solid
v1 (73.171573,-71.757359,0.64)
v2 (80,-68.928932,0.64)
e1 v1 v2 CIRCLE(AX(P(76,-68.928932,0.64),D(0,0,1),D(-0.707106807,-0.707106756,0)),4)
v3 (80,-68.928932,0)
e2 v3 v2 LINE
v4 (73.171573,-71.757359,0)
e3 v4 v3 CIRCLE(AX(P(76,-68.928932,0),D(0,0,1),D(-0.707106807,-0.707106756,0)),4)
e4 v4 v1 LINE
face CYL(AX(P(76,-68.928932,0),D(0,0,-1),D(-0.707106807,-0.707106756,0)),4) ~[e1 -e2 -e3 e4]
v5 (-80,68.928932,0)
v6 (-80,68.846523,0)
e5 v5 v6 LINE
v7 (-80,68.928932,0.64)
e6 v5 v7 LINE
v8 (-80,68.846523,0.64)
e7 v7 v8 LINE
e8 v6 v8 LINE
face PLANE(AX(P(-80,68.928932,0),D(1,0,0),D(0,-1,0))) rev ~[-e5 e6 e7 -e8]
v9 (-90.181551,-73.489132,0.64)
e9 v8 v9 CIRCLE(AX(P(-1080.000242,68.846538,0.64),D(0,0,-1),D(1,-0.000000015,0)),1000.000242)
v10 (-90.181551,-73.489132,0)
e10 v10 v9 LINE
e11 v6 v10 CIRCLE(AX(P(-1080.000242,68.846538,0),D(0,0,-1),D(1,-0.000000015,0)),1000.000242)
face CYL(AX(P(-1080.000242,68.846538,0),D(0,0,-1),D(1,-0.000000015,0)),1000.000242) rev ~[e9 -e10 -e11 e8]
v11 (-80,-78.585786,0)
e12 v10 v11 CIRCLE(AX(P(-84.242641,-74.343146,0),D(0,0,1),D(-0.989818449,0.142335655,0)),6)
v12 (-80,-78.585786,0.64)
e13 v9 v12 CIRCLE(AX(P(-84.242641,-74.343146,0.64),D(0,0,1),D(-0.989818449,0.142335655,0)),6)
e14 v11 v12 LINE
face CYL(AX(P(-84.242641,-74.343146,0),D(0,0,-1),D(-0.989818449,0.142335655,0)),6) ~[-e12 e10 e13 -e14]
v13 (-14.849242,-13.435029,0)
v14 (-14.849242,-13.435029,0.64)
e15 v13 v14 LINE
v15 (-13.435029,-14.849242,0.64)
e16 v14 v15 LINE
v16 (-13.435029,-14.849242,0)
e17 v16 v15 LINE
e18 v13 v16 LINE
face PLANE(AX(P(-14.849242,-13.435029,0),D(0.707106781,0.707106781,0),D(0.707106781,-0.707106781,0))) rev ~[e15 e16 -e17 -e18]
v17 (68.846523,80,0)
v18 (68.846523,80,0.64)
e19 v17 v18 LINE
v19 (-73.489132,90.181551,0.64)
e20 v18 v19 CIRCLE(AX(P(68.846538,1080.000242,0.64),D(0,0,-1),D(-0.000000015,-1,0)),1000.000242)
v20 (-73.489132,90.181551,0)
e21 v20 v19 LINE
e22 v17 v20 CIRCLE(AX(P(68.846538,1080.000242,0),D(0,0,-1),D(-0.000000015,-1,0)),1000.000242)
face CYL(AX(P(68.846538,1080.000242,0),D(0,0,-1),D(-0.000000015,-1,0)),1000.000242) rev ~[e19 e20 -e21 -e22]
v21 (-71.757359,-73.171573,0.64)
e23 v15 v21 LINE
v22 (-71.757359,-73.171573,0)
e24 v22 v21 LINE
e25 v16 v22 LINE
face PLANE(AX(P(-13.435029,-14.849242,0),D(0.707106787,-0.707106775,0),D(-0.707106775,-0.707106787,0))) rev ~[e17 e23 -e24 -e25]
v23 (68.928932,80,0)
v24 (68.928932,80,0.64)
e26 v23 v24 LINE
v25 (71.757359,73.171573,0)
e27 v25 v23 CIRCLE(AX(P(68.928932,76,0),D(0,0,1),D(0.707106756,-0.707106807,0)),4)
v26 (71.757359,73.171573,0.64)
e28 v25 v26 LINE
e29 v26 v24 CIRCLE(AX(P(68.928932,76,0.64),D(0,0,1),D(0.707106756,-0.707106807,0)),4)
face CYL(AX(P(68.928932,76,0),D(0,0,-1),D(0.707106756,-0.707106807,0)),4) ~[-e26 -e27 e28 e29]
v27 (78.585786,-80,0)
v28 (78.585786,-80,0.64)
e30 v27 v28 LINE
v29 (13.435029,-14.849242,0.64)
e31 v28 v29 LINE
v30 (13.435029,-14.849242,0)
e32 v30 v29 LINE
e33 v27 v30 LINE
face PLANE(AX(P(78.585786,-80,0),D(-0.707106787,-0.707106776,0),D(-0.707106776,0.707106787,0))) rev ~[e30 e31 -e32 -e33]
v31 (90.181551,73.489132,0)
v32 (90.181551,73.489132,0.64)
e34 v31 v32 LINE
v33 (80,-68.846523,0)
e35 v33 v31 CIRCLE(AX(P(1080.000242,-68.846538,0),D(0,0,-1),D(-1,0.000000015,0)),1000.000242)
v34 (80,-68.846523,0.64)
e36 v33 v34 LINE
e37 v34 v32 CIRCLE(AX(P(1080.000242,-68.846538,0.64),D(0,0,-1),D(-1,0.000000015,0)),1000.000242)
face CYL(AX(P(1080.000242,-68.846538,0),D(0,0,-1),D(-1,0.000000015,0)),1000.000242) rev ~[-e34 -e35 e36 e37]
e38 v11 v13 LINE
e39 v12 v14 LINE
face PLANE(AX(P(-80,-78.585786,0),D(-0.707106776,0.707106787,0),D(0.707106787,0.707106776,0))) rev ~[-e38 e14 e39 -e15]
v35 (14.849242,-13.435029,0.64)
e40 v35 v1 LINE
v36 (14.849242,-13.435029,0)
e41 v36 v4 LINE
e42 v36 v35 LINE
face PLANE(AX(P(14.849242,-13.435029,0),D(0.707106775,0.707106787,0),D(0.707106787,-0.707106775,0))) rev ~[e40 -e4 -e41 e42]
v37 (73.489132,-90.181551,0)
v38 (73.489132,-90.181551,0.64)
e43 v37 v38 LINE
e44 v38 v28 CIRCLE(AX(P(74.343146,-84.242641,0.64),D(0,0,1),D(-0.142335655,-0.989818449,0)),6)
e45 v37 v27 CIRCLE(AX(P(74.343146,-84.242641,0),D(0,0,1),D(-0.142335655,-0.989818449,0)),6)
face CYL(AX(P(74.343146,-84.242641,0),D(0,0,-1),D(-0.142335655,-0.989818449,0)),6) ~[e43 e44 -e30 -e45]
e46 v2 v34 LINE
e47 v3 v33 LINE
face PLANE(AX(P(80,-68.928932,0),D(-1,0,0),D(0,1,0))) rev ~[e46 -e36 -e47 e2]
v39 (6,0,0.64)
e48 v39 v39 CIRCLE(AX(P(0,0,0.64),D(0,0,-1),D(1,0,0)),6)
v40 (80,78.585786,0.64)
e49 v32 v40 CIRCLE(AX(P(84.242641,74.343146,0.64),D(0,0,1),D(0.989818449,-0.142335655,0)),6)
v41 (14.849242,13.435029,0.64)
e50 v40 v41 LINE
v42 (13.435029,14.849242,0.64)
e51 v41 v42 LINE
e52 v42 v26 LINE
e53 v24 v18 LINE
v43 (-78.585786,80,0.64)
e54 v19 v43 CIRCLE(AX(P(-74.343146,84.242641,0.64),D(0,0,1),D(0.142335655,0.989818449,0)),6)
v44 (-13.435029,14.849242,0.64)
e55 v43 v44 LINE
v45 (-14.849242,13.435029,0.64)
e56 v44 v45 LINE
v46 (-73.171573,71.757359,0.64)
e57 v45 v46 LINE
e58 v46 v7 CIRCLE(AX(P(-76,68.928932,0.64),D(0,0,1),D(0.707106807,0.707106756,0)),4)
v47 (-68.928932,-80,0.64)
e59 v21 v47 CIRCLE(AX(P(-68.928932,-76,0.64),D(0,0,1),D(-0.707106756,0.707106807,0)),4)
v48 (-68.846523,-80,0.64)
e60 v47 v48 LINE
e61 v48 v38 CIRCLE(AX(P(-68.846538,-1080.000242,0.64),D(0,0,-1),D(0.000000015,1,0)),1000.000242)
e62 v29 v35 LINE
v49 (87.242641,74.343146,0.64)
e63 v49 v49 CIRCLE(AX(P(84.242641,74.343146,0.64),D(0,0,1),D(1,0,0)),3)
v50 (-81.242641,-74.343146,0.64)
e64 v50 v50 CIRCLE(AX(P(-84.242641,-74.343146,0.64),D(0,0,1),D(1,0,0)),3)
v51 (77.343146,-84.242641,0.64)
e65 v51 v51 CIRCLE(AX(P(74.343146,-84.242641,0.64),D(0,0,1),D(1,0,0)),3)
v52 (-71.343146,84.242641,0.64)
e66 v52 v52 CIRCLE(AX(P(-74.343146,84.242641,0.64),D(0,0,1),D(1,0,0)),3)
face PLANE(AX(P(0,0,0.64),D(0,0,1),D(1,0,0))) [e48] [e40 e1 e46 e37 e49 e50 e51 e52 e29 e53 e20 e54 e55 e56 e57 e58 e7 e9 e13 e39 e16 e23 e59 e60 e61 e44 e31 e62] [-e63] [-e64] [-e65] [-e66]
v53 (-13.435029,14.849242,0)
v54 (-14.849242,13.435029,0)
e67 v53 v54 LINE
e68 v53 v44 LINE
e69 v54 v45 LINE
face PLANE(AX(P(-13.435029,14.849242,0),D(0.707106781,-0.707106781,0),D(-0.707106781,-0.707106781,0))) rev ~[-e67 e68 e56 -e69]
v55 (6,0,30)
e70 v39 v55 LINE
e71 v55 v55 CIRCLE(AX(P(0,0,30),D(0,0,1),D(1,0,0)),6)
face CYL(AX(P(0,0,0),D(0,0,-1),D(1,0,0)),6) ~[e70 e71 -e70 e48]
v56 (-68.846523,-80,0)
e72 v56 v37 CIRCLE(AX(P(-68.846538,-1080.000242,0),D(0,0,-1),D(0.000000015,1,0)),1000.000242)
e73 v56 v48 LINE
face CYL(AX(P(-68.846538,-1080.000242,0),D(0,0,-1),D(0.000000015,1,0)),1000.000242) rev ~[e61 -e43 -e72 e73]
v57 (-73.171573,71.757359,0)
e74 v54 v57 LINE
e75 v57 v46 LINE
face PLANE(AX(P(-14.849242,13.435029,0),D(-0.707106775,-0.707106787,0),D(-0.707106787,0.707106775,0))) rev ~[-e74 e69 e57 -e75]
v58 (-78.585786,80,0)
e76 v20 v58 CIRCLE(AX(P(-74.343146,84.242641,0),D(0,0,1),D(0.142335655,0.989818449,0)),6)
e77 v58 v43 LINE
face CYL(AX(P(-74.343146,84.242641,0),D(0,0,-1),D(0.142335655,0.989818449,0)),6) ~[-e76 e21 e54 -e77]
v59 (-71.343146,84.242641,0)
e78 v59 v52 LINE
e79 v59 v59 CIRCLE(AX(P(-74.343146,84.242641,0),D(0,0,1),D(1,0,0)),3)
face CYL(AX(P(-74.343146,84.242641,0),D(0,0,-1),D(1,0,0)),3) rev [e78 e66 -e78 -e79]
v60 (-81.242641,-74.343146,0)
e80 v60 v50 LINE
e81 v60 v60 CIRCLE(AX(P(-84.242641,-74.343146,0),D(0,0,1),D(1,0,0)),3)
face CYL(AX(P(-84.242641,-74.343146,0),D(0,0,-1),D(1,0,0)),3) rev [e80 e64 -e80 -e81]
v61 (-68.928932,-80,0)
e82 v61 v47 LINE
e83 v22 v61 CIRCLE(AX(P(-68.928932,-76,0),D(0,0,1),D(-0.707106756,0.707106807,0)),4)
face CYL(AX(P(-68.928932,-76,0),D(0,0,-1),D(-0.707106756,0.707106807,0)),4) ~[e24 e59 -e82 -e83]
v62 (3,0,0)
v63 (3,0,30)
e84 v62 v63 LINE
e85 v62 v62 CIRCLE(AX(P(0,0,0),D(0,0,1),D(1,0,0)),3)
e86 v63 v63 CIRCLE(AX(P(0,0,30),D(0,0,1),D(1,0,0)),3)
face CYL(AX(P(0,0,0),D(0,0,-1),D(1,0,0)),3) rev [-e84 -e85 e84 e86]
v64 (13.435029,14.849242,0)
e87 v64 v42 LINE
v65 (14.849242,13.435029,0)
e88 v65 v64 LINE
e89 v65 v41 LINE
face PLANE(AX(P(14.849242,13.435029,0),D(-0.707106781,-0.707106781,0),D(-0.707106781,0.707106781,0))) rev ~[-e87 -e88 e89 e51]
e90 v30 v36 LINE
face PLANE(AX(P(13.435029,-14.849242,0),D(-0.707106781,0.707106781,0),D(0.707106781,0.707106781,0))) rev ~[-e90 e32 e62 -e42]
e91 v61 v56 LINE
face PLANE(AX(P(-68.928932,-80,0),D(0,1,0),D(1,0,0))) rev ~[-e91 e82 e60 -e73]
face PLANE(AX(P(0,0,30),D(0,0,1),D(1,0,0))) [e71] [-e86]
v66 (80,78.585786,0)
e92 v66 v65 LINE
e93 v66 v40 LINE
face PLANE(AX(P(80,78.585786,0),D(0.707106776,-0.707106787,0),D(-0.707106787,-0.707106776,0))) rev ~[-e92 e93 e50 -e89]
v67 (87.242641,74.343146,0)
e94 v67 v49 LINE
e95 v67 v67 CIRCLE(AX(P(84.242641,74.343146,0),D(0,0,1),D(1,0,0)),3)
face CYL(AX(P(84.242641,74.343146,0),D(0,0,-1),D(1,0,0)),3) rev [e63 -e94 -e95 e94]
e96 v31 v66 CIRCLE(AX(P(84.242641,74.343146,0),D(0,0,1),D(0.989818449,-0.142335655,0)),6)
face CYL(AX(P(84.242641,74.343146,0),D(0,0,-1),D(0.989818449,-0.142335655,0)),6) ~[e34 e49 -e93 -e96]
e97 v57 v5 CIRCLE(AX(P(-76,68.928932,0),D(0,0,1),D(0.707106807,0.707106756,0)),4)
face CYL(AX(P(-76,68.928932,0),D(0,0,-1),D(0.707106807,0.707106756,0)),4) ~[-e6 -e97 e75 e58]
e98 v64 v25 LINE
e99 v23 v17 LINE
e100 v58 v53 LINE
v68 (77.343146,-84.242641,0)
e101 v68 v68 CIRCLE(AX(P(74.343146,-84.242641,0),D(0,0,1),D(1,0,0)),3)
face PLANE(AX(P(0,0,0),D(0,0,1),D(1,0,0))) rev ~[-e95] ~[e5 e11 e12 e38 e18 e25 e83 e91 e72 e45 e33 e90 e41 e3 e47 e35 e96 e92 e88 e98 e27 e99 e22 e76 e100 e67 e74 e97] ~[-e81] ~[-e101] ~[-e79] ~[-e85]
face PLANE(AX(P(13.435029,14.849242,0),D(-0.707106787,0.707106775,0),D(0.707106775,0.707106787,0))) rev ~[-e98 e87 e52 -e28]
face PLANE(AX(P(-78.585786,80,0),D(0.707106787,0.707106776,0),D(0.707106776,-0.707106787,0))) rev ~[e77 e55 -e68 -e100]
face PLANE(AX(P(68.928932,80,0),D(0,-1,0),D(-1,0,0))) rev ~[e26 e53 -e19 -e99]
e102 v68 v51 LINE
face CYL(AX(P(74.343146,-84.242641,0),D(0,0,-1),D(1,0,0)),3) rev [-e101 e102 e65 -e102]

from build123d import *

# Parameters (mm, degrees)
F1_R     = 6
F1_R_2   = 3
F2_DEPTH = 30
F0_R     = 3
F3_DEPTH = 0.64


with BuildPart() as f2:
    # F1 (on Top) → F2 (new body)
    with BuildSketch(Plane.XY):
        Circle(F1_R)
        Circle(F1_R_2, mode=Mode.SUBTRACT)
    extrude(amount=F2_DEPTH)

    # F0 (on Top) → F3 (join)
    with BuildSketch(Plane.XY):
        with BuildLine():
            Line((68.928932, 80), (68.846523, 80))
            ThreePointArc((68.846523, 80), (-2.503148, 82.548636), (-73.489132, 90.181551))
            ThreePointArc((-73.489132, 90.181551), (-79.708469, 86.9284), (-78.585786, 80))
            Line((-78.585786, 80), (-13.435029, 14.849242))
            Line((-13.435029, 14.849242), (-14.849242, 13.435029))
            Line((-14.849242, 13.435029), (-73.171573, 71.757359))
            ThreePointArc((-73.171573, 71.757359), (-77.530734, 72.62445), (-80, 68.928932))
            Line((-80, 68.928932), (-80, 68.846523))
            ThreePointArc((-80, 68.846523), (-82.548636, -2.503148), (-90.181551, -73.489132))
            ThreePointArc((-90.181551, -73.489132), (-86.9284, -79.708469), (-80, -78.585786))
            Line((-80, -78.585786), (-14.849242, -13.435029))
            Line((-14.849242, -13.435029), (-13.435029, -14.849242))
            Line((-13.435029, -14.849242), (-71.757359, -73.171573))
            ThreePointArc((-71.757359, -73.171573), (-72.62445, -77.530734), (-68.928932, -80))
            Line((-68.928932, -80), (-68.846523, -80))
            ThreePointArc((-68.846523, -80), (2.503148, -82.548636), (73.489132, -90.181551))
            ThreePointArc((73.489132, -90.181551), (79.708469, -86.9284), (78.585786, -80))
            Line((78.585786, -80), (13.435029, -14.849242))
            Line((13.435029, -14.849242), (14.849242, -13.435029))
            Line((14.849242, -13.435029), (73.171573, -71.757359))
            ThreePointArc((73.171573, -71.757359), (77.530734, -72.62445), (80, -68.928932))
            Line((80, -68.928932), (80, -68.846523))
            ThreePointArc((80, -68.846523), (82.548636, 2.503148), (90.181551, 73.489132))
            ThreePointArc((90.181551, 73.489132), (86.9284, 79.708469), (80, 78.585786))
            Line((80, 78.585786), (14.849242, 13.435029))
            Line((14.849242, 13.435029), (13.435029, 14.849242))
            Line((13.435029, 14.849242), (71.757359, 73.171573))
            ThreePointArc((71.757359, 73.171573), (72.62445, 77.530734), (68.928932, 80))
        make_face()
        with Locations((-84.242641, -74.343146)):
            Circle(F0_R, mode=Mode.SUBTRACT)
        Circle(F0_R, mode=Mode.SUBTRACT)
        with Locations((74.343146, -84.242641)):
            Circle(F0_R, mode=Mode.SUBTRACT)
        with Locations((-74.343146, 84.242641)):
            Circle(F0_R, mode=Mode.SUBTRACT)
        with Locations((84.242641, 74.343146)):
            Circle(F0_R, mode=Mode.SUBTRACT)
    extrude(amount=F3_DEPTH)


solid = f2.part
